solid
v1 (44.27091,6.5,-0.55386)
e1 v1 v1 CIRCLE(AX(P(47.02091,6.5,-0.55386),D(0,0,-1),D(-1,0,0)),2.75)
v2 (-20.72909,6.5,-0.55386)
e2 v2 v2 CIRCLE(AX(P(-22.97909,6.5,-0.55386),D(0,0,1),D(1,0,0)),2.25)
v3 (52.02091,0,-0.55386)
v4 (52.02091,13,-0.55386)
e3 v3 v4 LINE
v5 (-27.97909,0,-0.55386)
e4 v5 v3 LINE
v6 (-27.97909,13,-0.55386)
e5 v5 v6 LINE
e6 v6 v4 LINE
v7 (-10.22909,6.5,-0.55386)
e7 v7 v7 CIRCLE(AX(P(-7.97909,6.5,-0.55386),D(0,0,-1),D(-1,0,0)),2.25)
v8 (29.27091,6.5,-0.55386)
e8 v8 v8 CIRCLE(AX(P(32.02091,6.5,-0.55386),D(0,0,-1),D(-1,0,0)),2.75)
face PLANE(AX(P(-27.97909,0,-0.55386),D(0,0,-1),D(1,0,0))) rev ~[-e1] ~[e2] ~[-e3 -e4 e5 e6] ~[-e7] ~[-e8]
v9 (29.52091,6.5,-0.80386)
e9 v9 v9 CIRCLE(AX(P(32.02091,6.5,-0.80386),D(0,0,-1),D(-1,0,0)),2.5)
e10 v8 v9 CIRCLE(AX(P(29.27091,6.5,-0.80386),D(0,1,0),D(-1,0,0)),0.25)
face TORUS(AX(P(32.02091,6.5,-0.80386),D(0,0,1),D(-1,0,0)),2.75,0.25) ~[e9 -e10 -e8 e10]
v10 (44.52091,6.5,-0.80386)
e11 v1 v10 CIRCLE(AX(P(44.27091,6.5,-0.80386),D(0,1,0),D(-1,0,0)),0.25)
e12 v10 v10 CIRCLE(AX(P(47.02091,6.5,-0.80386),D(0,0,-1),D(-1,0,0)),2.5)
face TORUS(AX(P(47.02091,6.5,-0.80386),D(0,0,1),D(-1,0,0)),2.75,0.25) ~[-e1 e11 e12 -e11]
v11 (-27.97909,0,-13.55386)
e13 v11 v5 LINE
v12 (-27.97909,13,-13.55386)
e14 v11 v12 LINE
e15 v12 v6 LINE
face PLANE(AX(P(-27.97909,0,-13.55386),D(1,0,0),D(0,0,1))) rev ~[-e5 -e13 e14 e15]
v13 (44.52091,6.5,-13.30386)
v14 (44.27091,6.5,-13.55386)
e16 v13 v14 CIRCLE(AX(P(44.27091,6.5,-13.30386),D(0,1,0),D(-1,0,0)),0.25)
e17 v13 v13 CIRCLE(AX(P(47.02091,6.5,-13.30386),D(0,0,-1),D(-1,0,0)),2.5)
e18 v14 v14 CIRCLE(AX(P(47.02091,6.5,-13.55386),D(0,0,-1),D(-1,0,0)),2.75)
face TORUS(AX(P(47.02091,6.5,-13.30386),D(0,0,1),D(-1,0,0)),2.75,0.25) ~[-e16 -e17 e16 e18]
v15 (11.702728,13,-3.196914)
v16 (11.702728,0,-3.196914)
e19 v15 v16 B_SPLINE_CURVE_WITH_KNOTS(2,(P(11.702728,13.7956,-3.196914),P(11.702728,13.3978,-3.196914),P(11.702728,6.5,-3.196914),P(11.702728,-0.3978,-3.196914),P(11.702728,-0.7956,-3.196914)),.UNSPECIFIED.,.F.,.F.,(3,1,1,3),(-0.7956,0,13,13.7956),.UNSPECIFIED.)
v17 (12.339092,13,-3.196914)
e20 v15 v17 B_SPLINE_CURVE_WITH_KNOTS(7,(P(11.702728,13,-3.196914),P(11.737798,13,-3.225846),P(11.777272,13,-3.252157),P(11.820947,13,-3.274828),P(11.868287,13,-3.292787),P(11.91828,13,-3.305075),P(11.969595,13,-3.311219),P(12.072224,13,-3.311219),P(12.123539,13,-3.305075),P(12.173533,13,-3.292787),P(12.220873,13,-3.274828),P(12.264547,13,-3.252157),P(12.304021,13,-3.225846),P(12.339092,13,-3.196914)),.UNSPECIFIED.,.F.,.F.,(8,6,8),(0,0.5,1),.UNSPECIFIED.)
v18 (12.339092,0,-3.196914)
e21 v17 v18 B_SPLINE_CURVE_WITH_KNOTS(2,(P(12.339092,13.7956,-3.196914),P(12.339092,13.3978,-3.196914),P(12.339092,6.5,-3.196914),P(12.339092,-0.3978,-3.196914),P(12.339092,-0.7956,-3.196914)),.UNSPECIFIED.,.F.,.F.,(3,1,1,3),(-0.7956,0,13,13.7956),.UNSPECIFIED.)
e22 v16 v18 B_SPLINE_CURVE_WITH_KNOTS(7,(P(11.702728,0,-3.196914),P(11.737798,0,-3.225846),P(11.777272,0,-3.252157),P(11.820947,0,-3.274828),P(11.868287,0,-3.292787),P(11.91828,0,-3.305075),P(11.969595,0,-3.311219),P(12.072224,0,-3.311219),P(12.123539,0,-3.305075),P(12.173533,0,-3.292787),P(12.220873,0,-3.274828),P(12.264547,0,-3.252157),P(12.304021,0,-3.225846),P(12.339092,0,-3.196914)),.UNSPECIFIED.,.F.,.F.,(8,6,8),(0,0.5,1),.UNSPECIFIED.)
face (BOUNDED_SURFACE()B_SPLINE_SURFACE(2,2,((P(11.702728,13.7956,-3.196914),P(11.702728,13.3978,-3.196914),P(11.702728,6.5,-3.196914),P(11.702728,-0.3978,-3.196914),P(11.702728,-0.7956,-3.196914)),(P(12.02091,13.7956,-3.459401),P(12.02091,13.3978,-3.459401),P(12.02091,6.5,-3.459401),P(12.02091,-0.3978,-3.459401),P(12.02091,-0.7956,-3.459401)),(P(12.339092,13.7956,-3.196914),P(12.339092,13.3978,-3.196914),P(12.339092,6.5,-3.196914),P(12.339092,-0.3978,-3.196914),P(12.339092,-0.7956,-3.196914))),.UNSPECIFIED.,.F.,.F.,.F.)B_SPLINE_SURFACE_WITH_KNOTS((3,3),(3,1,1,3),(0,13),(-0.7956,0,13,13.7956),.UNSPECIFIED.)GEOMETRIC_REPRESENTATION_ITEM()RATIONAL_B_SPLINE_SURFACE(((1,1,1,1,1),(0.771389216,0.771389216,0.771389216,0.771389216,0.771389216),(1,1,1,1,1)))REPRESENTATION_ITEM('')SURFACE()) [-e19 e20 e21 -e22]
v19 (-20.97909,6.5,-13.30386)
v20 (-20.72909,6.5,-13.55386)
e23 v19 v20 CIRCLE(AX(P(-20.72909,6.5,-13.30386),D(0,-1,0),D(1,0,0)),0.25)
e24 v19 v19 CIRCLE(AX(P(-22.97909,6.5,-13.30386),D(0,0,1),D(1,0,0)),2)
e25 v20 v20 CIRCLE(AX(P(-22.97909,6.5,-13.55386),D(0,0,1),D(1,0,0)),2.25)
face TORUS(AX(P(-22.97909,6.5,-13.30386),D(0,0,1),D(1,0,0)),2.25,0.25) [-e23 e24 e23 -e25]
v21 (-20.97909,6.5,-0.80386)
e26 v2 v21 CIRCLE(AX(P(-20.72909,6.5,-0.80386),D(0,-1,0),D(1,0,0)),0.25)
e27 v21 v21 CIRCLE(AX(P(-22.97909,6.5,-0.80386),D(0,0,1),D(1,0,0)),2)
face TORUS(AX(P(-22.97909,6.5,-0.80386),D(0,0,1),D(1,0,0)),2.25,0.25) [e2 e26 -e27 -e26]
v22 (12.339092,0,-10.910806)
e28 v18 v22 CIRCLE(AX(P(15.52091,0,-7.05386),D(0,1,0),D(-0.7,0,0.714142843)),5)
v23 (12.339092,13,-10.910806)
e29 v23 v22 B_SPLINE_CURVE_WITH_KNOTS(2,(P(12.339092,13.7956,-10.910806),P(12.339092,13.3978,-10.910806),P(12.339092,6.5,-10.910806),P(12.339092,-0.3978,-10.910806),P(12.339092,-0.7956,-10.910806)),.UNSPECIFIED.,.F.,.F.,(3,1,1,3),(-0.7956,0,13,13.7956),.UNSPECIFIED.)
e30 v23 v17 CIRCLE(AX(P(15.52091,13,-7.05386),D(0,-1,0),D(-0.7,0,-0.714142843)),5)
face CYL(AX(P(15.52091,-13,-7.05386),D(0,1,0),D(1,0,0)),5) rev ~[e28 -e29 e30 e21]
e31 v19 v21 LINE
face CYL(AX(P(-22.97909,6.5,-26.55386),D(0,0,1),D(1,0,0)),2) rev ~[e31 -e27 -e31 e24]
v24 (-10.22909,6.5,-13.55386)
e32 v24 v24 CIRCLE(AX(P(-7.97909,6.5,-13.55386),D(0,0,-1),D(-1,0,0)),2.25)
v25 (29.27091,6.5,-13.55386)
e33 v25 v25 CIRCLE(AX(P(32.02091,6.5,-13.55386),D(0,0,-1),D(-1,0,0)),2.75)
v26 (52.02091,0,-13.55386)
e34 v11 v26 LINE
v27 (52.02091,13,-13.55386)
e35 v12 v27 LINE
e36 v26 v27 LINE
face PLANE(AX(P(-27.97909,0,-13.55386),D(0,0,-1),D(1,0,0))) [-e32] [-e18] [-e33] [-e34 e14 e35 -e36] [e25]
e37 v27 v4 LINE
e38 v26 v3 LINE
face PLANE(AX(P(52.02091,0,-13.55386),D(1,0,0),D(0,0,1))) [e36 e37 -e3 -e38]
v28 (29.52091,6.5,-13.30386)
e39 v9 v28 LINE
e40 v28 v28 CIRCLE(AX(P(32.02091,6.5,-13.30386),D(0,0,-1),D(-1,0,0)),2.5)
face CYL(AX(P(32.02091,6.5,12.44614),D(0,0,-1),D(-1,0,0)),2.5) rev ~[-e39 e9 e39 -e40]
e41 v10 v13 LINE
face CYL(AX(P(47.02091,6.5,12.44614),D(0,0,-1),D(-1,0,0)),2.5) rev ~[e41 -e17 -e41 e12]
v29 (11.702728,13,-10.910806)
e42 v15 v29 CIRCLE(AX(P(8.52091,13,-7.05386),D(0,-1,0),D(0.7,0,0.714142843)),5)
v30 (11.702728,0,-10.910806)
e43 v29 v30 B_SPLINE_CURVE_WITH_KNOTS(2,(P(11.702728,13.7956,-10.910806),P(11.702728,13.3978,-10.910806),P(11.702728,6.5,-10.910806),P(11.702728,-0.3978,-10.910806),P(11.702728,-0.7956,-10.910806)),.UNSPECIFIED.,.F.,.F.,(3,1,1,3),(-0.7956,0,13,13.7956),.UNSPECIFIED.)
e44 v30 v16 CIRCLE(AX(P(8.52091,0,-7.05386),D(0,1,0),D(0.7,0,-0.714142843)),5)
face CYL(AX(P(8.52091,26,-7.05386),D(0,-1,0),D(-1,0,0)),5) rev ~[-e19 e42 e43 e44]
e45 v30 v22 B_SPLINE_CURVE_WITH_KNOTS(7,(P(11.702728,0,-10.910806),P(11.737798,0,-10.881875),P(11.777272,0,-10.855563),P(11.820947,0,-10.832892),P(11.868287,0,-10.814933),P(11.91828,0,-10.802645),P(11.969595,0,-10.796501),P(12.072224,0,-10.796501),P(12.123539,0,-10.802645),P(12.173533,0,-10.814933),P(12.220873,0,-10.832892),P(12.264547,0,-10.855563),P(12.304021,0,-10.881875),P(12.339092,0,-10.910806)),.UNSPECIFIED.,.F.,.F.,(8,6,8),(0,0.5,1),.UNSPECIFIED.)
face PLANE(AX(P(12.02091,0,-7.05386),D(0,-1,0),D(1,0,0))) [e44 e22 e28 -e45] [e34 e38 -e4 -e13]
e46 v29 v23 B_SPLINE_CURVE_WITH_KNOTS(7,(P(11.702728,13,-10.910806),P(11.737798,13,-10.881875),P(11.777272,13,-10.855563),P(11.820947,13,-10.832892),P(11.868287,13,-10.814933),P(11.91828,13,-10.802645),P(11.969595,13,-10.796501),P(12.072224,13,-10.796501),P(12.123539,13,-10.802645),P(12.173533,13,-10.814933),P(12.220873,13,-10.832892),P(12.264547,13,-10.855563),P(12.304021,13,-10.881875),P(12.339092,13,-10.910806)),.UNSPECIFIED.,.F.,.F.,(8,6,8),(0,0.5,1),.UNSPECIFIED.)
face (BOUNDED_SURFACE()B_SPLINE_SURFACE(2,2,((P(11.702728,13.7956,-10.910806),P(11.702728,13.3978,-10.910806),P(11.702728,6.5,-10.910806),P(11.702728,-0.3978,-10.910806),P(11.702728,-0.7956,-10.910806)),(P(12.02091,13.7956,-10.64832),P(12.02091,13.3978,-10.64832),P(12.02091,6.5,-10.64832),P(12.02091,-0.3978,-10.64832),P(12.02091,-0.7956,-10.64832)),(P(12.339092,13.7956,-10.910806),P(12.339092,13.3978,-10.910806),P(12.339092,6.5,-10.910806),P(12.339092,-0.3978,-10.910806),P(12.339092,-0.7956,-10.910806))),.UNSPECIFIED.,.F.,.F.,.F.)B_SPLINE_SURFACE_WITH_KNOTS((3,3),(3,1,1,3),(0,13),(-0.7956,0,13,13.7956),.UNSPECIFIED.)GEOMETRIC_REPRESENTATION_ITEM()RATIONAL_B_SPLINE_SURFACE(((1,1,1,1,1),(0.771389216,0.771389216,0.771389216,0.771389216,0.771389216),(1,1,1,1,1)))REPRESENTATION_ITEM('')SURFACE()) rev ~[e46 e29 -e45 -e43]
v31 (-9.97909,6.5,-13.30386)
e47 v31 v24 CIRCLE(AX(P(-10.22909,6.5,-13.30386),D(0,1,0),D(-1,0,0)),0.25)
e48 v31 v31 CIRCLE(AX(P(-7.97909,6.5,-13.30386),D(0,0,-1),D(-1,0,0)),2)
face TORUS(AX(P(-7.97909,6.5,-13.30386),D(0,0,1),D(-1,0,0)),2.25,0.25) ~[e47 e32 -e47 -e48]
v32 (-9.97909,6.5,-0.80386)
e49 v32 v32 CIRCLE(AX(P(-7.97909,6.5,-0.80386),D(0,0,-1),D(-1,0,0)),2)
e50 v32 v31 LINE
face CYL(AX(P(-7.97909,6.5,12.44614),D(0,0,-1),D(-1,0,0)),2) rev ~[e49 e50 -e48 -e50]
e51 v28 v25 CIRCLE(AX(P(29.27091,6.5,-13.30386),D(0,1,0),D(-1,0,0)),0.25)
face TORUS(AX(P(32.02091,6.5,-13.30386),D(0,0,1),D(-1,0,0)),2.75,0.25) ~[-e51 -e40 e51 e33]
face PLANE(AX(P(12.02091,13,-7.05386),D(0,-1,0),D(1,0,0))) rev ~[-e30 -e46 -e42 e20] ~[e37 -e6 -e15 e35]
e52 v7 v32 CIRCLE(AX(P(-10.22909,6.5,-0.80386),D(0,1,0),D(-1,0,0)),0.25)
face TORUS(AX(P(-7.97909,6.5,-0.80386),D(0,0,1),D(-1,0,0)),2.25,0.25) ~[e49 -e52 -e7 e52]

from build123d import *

# Parameters (mm, degrees)
SKETCH1_W                      = 80
SKETCH1_H                      = 13
BOSS_EXTRUDE1_DEPTH            = 13
F_5_0_5_DIAMETER_HOLE1_D       = 5
F_5_0_5_DIAMETER_HOLE1_DEPTH   = 13
F_4_0_4_DIAMETER_HOLE1_D       = 4
F_4_0_4_DIAMETER_HOLE1_DEPTH   = 13
F_4_0_4_DIAMETER_HOLE2_D       = 4
F_4_0_4_DIAMETER_HOLE2_DEPTH   = 13
F_10_0_10_DIAMETER_HOLE1_D     = 10
F_10_0_10_DIAMETER_HOLE1_DEPTH = 13
F_10_0_10_DIAMETER_HOLE2_D     = 10
F_10_0_10_DIAMETER_HOLE2_DEPTH = 13
FILLET1_R                      = 0.25
FILLET2_R                      = 0.5


with BuildPart() as part:
    # Sketch1 → Boss-Extrude1 (new body)
    with BuildSketch(Plane.XZ):
        with Locations((12.020909698, -7.053860091)):
            Rectangle(SKETCH1_W, SKETCH1_H)
    extrude(amount=-BOSS_EXTRUDE1_DEPTH)

    # Ø5.0 (5) Diameter Hole1
    with Locations(Plane.XY.offset(-0.553860091)):
        with Locations((32.020909698, 6.5), (47.020909698, 6.5)):
            Hole(F_5_0_5_DIAMETER_HOLE1_D / 2, depth=F_5_0_5_DIAMETER_HOLE1_DEPTH)

    # Ø4.0 (4) Diameter Hole1
    with Locations(Plane.XY.offset(-0.553860091)):
        with Locations((-7.979090302, 6.5)):
            Hole(F_4_0_4_DIAMETER_HOLE1_D / 2, depth=F_4_0_4_DIAMETER_HOLE1_DEPTH)

    # Ø4.0 (4) Diameter Hole2
    with Locations(Plane(origin=(0, 0, -13.553860091), x_dir=(-1, 0, 0), z_dir=(0, 0, -1))):
        with Locations((22.979090302, 6.5)):
            Hole(F_4_0_4_DIAMETER_HOLE2_D / 2, depth=F_4_0_4_DIAMETER_HOLE2_DEPTH)

    # Ø10.0 (10) Diameter Hole1
    with Locations(Plane(origin=(0, 13, 0), x_dir=(1, 0, 0), z_dir=(0, 1, 0))):
        with Locations((8.520909698, 7.053860091)):
            Hole(F_10_0_10_DIAMETER_HOLE1_D / 2, depth=F_10_0_10_DIAMETER_HOLE1_DEPTH)

    # Ø10.0 (10) Diameter Hole2
    with Locations(Plane(origin=(0, 0, 0), x_dir=(-1, 0, 0), z_dir=(0, -1, 0))):
        with Locations((-15.520909698, 7.053860091)):
            Hole(F_10_0_10_DIAMETER_HOLE2_D / 2, depth=F_10_0_10_DIAMETER_HOLE2_DEPTH)

    # Fillet1
    fillet1_edges = [part.edges().sort_by_distance(p)[0] for p in [
        (49.520909698, 6.5, -0.553860091),
        (49.520909698, 6.5, -13.553860091),
        (34.520909698, 6.5, -0.553860091),
        (34.520909698, 6.5, -13.553860091),
        (-5.979090302, 6.5, -0.553860091),
        (-5.979090302, 6.5, -13.553860091),
        (-24.979090302, 6.5, -13.553860091),
        (-24.979090302, 6.5, -0.553860091),
    ]]
    fillet(fillet1_edges, radius=FILLET1_R)

    # Fillet2
    fillet2_edges = [part.edges().sort_by_distance(p)[0] for p in [
        (12.020909698, 6.5, -3.483145877),
        (12.020909698, 6.5, -10.624574305),
    ]]
    fillet(fillet2_edges, radius=FILLET2_R)


solid = part.part
